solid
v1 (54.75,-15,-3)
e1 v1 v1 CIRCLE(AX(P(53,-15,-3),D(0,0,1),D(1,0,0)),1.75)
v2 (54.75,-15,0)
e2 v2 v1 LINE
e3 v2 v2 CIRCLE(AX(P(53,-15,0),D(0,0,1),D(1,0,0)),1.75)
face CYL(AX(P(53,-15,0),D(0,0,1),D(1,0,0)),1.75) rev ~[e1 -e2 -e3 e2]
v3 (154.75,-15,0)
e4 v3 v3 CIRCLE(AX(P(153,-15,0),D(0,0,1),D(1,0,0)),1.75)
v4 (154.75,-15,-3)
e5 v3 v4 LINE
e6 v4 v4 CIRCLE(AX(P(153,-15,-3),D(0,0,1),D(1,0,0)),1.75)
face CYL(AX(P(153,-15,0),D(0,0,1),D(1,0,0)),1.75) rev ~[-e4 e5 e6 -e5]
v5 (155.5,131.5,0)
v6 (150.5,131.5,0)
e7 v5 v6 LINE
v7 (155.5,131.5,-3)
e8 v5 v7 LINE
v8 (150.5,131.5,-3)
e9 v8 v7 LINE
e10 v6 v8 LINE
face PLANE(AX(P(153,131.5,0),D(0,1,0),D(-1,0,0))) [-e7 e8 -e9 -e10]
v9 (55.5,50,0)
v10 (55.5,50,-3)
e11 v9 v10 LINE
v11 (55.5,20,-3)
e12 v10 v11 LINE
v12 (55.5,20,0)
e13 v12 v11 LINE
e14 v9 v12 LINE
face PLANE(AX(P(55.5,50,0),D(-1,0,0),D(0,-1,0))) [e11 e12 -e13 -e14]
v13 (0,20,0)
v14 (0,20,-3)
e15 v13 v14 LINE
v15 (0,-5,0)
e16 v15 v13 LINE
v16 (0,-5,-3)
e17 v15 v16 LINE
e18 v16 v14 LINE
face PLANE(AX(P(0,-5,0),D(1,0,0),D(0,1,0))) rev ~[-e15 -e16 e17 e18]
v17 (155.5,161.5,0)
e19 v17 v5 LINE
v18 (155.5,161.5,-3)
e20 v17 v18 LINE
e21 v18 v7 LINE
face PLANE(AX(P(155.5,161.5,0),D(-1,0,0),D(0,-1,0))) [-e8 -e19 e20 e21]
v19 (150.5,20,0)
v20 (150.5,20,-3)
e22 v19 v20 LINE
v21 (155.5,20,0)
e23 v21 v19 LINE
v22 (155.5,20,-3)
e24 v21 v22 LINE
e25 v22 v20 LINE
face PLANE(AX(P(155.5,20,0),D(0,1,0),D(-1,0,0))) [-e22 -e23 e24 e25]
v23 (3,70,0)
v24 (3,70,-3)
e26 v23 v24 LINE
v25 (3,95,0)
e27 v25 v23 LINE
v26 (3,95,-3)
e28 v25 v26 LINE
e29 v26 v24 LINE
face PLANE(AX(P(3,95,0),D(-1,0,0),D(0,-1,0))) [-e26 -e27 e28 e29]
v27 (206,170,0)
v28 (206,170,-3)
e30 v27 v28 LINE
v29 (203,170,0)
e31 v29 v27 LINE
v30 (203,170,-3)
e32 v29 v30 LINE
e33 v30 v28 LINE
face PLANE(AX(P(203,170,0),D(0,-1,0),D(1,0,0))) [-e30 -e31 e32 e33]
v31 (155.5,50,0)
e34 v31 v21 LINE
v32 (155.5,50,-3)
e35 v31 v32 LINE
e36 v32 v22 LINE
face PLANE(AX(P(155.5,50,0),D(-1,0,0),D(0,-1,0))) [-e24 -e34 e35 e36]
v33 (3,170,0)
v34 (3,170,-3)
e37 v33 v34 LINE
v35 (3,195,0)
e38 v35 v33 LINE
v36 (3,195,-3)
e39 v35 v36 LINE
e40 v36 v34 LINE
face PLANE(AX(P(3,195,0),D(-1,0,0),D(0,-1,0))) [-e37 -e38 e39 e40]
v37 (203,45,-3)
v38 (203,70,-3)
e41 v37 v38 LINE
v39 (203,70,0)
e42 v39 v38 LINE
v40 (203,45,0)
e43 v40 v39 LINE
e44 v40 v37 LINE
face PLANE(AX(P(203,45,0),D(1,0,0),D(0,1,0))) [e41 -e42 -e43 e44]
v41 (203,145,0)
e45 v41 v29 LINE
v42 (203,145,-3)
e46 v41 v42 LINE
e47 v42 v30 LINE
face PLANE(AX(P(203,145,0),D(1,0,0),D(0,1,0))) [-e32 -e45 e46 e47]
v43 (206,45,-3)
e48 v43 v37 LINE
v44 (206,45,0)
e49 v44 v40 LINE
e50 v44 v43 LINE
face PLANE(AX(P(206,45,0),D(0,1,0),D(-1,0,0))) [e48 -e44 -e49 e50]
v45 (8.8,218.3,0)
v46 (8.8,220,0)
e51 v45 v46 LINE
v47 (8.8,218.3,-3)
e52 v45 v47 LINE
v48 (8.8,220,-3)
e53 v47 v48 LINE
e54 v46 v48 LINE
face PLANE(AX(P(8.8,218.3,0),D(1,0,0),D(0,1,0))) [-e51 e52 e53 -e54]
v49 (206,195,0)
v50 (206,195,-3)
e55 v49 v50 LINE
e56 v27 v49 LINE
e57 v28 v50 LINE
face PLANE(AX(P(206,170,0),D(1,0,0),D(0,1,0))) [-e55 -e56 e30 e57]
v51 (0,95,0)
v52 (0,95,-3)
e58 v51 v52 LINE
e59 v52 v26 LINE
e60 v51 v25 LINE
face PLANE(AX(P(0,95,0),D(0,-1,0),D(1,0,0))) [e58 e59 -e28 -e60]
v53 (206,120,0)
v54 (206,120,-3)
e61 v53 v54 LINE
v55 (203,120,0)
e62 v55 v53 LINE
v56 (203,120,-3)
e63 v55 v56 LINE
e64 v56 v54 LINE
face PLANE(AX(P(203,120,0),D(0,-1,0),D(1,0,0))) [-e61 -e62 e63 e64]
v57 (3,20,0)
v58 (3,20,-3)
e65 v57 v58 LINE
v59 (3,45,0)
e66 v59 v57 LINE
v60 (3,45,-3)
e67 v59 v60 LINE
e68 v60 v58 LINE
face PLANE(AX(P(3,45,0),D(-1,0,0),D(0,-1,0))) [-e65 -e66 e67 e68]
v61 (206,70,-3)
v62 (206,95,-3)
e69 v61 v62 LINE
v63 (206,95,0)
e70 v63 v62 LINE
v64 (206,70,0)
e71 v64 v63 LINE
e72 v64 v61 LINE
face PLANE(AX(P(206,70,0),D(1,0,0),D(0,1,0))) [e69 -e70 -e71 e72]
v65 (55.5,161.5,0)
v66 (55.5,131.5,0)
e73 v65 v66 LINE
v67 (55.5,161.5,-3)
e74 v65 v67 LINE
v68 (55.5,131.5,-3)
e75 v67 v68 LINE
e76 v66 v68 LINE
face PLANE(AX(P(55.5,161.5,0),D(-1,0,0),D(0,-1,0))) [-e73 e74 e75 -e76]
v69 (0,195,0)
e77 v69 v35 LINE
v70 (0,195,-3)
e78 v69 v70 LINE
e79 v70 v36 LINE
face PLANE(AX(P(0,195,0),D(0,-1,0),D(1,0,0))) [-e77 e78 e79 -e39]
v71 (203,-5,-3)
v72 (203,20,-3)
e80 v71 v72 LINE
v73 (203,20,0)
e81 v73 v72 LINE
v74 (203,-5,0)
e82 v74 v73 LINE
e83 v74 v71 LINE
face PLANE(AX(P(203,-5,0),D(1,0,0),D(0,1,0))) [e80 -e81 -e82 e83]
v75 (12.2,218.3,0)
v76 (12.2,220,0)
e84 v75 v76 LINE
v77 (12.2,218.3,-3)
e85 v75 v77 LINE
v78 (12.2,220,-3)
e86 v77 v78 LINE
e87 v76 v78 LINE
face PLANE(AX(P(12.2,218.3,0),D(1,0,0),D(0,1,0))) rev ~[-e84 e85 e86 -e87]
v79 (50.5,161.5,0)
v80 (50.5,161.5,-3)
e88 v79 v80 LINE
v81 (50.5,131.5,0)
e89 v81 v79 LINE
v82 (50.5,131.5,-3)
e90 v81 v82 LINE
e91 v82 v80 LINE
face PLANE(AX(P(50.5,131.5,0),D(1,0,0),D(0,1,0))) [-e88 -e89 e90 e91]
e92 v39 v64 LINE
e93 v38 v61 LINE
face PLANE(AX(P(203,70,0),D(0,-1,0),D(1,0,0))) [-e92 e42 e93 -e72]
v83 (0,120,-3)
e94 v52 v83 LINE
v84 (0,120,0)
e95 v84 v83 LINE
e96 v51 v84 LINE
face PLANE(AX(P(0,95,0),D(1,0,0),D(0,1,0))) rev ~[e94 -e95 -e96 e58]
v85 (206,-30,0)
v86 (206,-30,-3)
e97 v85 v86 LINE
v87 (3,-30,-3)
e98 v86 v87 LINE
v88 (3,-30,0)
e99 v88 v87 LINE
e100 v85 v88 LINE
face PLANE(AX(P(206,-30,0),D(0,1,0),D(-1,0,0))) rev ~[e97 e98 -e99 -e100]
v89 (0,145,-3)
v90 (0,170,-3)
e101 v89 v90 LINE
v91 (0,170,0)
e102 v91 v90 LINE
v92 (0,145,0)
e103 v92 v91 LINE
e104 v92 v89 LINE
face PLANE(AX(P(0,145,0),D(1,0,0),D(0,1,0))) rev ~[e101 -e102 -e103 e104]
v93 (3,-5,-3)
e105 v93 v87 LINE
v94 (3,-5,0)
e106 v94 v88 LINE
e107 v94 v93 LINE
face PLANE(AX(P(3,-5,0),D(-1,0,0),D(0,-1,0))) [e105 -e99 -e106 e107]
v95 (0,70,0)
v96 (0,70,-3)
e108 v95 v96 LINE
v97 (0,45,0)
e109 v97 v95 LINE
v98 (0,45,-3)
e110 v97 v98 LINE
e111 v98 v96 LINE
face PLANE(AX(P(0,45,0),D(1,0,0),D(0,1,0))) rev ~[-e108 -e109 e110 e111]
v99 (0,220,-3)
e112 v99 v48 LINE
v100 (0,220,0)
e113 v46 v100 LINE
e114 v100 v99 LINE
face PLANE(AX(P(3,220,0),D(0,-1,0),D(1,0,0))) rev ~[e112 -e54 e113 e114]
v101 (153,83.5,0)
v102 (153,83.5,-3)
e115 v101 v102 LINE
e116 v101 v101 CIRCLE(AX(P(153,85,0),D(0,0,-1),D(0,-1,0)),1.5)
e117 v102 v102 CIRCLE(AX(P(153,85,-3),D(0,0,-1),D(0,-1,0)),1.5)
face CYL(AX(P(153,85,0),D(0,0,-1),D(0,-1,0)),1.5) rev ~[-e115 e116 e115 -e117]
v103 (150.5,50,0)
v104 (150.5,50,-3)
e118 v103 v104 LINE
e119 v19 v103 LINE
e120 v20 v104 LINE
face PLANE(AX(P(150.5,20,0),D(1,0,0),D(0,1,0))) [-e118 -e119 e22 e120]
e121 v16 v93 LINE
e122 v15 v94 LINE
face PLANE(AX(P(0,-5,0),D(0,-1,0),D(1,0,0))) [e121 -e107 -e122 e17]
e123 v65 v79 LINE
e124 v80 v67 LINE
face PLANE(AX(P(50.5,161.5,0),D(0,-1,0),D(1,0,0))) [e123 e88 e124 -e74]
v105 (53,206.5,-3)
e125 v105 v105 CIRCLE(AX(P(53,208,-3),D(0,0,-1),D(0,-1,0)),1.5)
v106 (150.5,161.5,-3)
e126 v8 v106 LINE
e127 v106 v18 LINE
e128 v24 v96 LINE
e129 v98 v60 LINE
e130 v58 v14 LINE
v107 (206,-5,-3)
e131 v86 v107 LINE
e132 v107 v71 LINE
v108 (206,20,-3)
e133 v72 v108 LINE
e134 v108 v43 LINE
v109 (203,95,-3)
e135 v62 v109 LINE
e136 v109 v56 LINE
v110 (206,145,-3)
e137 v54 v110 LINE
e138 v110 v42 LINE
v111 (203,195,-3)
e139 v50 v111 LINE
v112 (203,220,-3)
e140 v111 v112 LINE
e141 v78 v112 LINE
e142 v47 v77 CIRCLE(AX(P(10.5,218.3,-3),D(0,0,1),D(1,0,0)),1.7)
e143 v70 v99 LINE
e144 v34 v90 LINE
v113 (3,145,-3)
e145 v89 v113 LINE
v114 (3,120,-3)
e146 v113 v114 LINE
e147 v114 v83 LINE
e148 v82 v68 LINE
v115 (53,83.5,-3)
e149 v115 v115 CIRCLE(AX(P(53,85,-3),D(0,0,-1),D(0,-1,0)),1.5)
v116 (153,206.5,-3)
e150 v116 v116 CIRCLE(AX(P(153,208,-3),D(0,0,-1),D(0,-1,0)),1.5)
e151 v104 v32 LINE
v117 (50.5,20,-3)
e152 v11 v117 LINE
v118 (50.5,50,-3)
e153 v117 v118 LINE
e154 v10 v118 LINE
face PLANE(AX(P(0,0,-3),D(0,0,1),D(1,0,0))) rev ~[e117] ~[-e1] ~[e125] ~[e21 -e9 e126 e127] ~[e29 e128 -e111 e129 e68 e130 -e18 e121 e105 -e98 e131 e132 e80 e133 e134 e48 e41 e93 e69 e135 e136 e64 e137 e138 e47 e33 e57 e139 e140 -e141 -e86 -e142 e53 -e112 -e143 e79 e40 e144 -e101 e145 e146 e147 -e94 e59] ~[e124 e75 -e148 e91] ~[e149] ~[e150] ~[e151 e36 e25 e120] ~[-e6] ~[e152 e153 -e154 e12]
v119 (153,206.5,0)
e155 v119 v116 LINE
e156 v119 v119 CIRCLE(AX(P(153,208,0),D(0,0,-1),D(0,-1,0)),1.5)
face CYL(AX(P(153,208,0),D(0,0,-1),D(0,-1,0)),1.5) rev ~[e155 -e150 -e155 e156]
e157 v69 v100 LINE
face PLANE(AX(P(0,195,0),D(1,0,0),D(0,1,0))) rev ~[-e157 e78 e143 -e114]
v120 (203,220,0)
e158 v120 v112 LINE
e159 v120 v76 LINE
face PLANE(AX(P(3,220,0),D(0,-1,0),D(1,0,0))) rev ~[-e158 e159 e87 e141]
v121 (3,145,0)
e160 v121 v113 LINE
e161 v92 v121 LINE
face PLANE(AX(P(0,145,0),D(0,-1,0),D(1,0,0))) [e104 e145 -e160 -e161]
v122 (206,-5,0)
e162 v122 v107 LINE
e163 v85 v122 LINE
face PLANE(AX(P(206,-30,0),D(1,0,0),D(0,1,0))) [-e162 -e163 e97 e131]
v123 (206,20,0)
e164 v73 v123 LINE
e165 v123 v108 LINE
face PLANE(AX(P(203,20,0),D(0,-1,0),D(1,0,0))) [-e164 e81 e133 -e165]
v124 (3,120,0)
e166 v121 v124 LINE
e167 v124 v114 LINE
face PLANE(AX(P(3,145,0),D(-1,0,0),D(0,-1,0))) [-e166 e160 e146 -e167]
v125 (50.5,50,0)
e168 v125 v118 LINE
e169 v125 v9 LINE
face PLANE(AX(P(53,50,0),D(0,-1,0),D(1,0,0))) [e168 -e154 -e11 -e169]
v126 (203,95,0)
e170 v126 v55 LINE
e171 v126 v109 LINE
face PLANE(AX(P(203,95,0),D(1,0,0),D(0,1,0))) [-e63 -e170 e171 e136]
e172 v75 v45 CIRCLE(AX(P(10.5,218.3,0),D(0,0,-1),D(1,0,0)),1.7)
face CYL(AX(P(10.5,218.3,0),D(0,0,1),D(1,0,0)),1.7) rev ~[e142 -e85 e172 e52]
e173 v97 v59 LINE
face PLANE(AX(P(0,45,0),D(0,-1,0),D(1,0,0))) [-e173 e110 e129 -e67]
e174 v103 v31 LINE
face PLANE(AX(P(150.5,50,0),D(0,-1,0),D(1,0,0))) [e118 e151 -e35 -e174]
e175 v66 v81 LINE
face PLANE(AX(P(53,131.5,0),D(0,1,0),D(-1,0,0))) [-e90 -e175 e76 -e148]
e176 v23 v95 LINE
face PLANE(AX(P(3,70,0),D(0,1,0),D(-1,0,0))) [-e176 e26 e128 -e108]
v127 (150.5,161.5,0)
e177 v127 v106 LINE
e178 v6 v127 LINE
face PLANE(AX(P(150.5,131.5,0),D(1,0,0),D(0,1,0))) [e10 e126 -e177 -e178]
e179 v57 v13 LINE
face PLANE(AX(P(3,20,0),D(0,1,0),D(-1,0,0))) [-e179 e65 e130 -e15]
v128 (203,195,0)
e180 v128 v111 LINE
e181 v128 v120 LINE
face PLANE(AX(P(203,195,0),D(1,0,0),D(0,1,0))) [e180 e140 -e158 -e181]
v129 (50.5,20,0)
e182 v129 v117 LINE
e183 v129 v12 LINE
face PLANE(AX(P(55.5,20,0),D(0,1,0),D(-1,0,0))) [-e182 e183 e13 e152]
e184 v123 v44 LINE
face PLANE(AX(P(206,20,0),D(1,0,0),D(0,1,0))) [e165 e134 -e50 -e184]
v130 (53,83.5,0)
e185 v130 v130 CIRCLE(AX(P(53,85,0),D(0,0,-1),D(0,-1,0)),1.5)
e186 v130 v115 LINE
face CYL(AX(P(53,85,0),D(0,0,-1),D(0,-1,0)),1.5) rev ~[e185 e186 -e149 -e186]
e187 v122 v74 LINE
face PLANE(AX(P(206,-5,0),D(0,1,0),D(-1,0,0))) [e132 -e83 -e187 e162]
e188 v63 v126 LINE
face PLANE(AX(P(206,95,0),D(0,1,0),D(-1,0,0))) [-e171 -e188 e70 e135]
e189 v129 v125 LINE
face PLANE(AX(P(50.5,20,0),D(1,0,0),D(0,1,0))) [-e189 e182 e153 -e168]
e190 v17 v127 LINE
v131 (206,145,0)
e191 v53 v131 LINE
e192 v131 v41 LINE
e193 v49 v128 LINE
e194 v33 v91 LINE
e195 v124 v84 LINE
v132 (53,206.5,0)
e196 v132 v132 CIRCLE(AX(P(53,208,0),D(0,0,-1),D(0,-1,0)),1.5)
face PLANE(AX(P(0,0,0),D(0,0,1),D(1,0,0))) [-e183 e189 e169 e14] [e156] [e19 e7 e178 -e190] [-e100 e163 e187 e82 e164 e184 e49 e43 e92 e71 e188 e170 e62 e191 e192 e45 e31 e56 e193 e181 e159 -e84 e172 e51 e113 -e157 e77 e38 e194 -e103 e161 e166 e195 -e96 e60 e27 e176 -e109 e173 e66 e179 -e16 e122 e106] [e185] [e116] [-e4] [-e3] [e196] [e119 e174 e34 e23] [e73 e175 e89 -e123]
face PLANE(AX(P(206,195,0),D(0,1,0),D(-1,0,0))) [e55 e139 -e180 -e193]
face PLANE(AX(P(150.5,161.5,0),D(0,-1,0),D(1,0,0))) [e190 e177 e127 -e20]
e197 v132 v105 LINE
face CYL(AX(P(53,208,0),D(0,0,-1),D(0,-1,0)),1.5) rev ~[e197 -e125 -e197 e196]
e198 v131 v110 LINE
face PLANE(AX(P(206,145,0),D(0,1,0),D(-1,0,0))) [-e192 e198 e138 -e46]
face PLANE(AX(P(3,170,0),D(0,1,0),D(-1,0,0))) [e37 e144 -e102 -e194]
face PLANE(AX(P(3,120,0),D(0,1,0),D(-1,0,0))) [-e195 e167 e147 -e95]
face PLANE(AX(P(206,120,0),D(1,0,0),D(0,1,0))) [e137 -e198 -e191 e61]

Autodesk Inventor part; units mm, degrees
ref_plane "YZ Plane" through (0, 0, 0) normal (1, 0, 0) x (0, 1, 0)
ref_plane "XZ Plane" through (0, 0, 0) normal (0, 1, 0) x (-1, 0, 0)
ref_plane "XY Plane" through (0, 0, 0) normal (0, 0, 1) x (1, 0, 0)
sketch "Boceto1" plane through (0, 0, 0) normal (0, 0, 1) x (1, 0, 0)
  line L0 (206, -30) -> (206, 220) projected
  line L1 (0, 220) -> (206, 220) projected
  line L2 (0, -30) -> (0, 220) projected
  line L3 (206, -30) -> (0, -30) projected
  line L4 (206, -30) -> (206, -5)
  line L5 (206, -5) -> (203, -5)
  line L6 (203, -5) -> (203, 20)
  line L7 (203, 20) -> (206, 20)
  line L8 (206, 20) -> (206, 45)
  line L9 (206, 45) -> (203, 45)
  line L10 (203, 45) -> (203, 70)
  line L11 (203, 70) -> (206, 70)
  line L12 (206, 70) -> (206, 95)
  line L13 (206, 95) -> (203, 95)
  line L14 (203, 95) -> (203, 120)
  line L15 (203, 120) -> (206, 120)
  line L16 (206, 120) -> (206, 145)
  line L17 (206, 145) -> (203, 145)
  line L18 (203, 145) -> (203, 170)
  line L19 (203, 170) -> (206, 170)
  line L20 (203, 220) -> (206, 220)
  line L21 (206, 195) -> (203, 195)
  line L22 (203, 195) -> (203, 220)
  line L23 (206, 170) -> (206, 195)
  line L24 (203, 170) -> (206, 170)
  line L25 (0, 220) -> (0, 195)
  line L26 (0, 195) -> (3, 195)
  line L27 (3, 195) -> (3, 170)
  line L28 (3, 170) -> (0, 170)
  line L29 (0, 170) -> (0, 145)
  line L30 (0, 145) -> (3, 145)
  line L31 (3, 145) -> (3, 120)
  line L32 (3, 120) -> (0, 120)
  line L33 (3, 20) -> (0, 20)
  line L34 (0, 45) -> (3, 45)
  line L35 (3, 45) -> (3, 20)
  line L36 (0, 70) -> (0, 45)
  line L37 (3, 70) -> (0, 70)
  line L38 (3, 95) -> (3, 70)
  line L39 (0, 95) -> (3, 95)
  line L40 (0, 120) -> (0, 95)
  line L41 (3, 20) -> (0, 20)
  line L42 (0, 20) -> (0, -5)
  line L43 (0, -5) -> (3, -5)
  line L44 (3, -5) -> (3, -30)
  line L45 (3, -30) -> (0, -30)
  line L46 (203, 220) -> (206, 220)
  line L47 (203, 220) -> (206, 220)
  line L48 (206, 220) -> (206, 245)
  line L49 (206, 245) -> (203, 245)
  line L50 (203, 245) -> (203, 270)
  line L51 (203, 270) -> (206, 270)
  line L52 (0, 220) -> (3, 220)
  line L53 (0, 220) -> (3, 220)
  line L54 (3, 220) -> (3, 245)
  line L55 (3, 245) -> (0, 245)
  line L56 (0, 245) -> (0, 270)
  line L57 (0, 270) -> (3, 270)
  line L58 (206, 270) -> (0, 270)
  point P0 (0, 0)
  dimension "d78" = 3
  dimension "d88" = 3
  dimension "Lengueta" = 25
  dimension "espesor" = 3
  dimension "d2" = 25
  dimension "d3" = 3
  dimension "d4" = 25
  dimension "d5" = 90
  dimension "d6" = 3
  dimension "d7" = 25
  dimension "d8" = 3
  dimension "d9" = 25
  dimension "d10" = 3
  dimension "d11" = 25
  dimension "d12" = 3
  dimension "d13" = 25
  dimension "d14" = 90
  dimension "d15" = 3
  dimension "d16" = 25
  dimension "d17" = 3
  dimension "d18" = 3
  dimension "d19" = 25
  dimension "d20" = 90
  dimension "d21" = 3
  dimension "d22" = 25
  dimension "d23" = 3
  dimension "d26" = 25
  dimension "d27" = 3
  dimension "d28" = 25
  dimension "d29" = 3
  dimension "d30" = 25
  dimension "d31" = 90
  dimension "d32" = 3
  dimension "d33" = 25
  dimension "d34" = 3
  dimension "d35" = 25
  dimension "d36" = 3
  dimension "d37" = 25
  dimension "d38" = 3
  dimension "d39" = 25
  dimension "d40" = 90
  dimension "d41" = 3
  dimension "d42" = 25
  dimension "d43" = 3
  dimension "d44" = 3
  dimension "d45" = 25
  dimension "d46" = 90
  dimension "d47" = 3
  dimension "d48" = 25
  dimension "d49" = 3
  dimension "d71" = 3
  dimension "d72" = 3
  dimension "d73" = 25
  dimension "d74" = 90
  dimension "d75" = 3
  dimension "d76" = 25
  dimension "d77" = 3
  dimension "d81" = 3
  dimension "d82" = 3
  dimension "d83" = 25
  dimension "d84" = 90
  dimension "d85" = 3
  dimension "d86" = 25
  dimension "d87" = 3
extrude "Extrusión1" add sketch "Boceto1" against normal blind 3 contours L3 L44 L43 L2 L33 L35 L34 L37 L38 L39 L32 L31 L30 L28 L27 L26 L1 L22 L21 L0 L19 L18 L17 L15 L14 L13 L11 L10 L9 L7 L6 L5
sketch "Boceto2" plane through (0, 0, 0) normal (0, 0, 1) x (1, 0, 0)
  circle A0 centre (53, -15) radius 1.75
  circle A1 centre (153, -15) radius 1.75
  point P0 (0, 0)
extrude "Extrusión2" cut sketch "Boceto2" against normal blind 3
sketch "Boceto3" plane through (0, 0, 0) normal (0, 0, 1) x (1, 0, 0)
  circle A0 centre (53, 208) radius 2.1
  circle A1 centre (53, 208) radius 1.5
  circle A2 centre (153, 208) radius 2.1
  point P0 (0, 0)
  dimension "d56" = 3
hole "Agujero1" at (53, 208, 0) at (153, 208, 0) direction (0, 0, -1) diameter 3 depth 4
sketch "Boceto4" plane through (0, 0, 0) normal (0, 0, 1) x (1, 0, 0)
  circle A0 centre (53, 85) radius 2.1 projected
  circle A1 centre (153, 85) radius 2.1 projected
  point P0 (0, 0)
hole "Agujero2" at (153, 85, 0) at (53, 85, 0) direction (0, 0, -1) diameter 3 depth 4
sketch "Boceto5" plane through (0, 0, -3) normal (0, 0, -1) x (-1, 0, 0)
  point P0 (0, 0)
sketch "Boceto6" plane through (0, 0, 0) normal (0, 0, 1) x (1, 0, 0)
  circle A0 centre (53, 85) radius 1.5 projected
  circle A1 centre (153, 85) radius 1.5 projected
  circle A2 centre (153, 208) radius 1.5 projected
  circle A3 centre (53, 208) radius 1.5 projected
  circle A4 centre (53, -15) radius 1.75 projected
  circle A5 centre (153, -15) radius 1.75 projected
  line L0 (203, 20) -> (206, 20) projected
  line L1 (206, 20) -> (206, 45) projected
  line L2 (206, 45) -> (203, 45) projected
  line L3 (203, 45) -> (203, 70) projected
  line L4 (203, 70) -> (206, 70) projected
  line L5 (206, 70) -> (206, 95) projected
  line L6 (206, 95) -> (203, 95) projected
  line L7 (203, 95) -> (203, 120) projected
  line L8 (203, 120) -> (206, 120) projected
  line L9 (206, 120) -> (206, 145) projected
  line L10 (206, 145) -> (203, 145) projected
  line L11 (203, 145) -> (203, 170) projected
  line L12 (203, 170) -> (206, 170) projected
  line L13 (206, 170) -> (206, 195) projected
  line L14 (206, 195) -> (203, 195) projected
  line L15 (203, 195) -> (203, 220) projected
  line L16 (203, 220) -> (0, 220) projected
  line L17 (0, 220) -> (0, 195) projected
  line L18 (0, 195) -> (3, 195) projected
  line L19 (3, 195) -> (3, 170) projected
  line L20 (3, 170) -> (0, 170) projected
  line L21 (0, 170) -> (0, 145) projected
  line L22 (0, 145) -> (3, 145) projected
  line L23 (3, 145) -> (3, 120) projected
  line L24 (3, 120) -> (0, 120) projected
  line L25 (0, 120) -> (0, 95) projected
  line L26 (0, 95) -> (3, 95) projected
  line L27 (3, 95) -> (3, 70) projected
  line L28 (3, 70) -> (0, 70) projected
  line L29 (0, 70) -> (0, 45) projected
  line L30 (0, 45) -> (3, 45) projected
  line L31 (3, 45) -> (3, 20) projected
  line L32 (3, 20) -> (0, 20) projected
  line L33 (0, 20) -> (0, -5) projected
  line L34 (0, -5) -> (3, -5) projected
  line L35 (3, -5) -> (3, -30) projected
  line L36 (3, -30) -> (206, -30) projected
  line L37 (206, -30) -> (206, -5) projected
  line L38 (206, -5) -> (203, -5) projected
  line L39 (203, -5) -> (203, 20) projected
  line L40 (153, 85) -> (153, 208)
  line L41 (150.5, 161.5) -> (155.5, 161.5)
  line L42 (155.5, 161.5) -> (155.5, 131.5)
  line L43 (155.5, 131.5) -> (150.5, 131.5)
  line L44 (150.5, 131.5) -> (150.5, 161.5)
  line L45 (150.5, 161.5) -> (155.5, 131.5) construction
  line L46 (155.5, 161.5) -> (150.5, 131.5) construction
  line L47 (53, 85) -> (53, 208)
  line L48 (50.5, 161.5) -> (55.5, 161.5)
  line L49 (55.5, 161.5) -> (55.5, 131.5)
  line L50 (55.5, 131.5) -> (50.5, 131.5)
  line L51 (50.5, 131.5) -> (50.5, 161.5)
  line L52 (50.5, 161.5) -> (55.5, 131.5) construction
  line L53 (55.5, 161.5) -> (50.5, 131.5) construction
  line L54 (53, -15) -> (53, 85)
  line L55 (50.5, 50) -> (55.5, 50)
  line L56 (55.5, 50) -> (55.5, 20)
  line L57 (55.5, 20) -> (50.5, 20)
  line L58 (50.5, 20) -> (50.5, 50)
  line L59 (50.5, 50) -> (55.5, 20) construction
  line L60 (55.5, 50) -> (50.5, 20) construction
  line L61 (150.5, 50) -> (155.5, 50)
  line L62 (155.5, 50) -> (155.5, 20)
  line L63 (155.5, 20) -> (150.5, 20)
  line L64 (150.5, 20) -> (150.5, 50)
  line L65 (150.5, 50) -> (155.5, 20) construction
  line L66 (155.5, 50) -> (150.5, 20) construction
  point P0 (0, 0)
  point P1 (153, 146.5)
  point P2 (53, 146.5)
  point P3 (53, 35)
  point P4 (153, 35)
  dimension "d93" = 5
  dimension "d94" = 30
  dimension "d95" = 5
  dimension "d96" = 30
  dimension "d99" = 5
  dimension "d100" = 30
  dimension "d101" = 5
  dimension "d102" = 30
extrude "Extrusión3" cut sketch "Boceto6" against normal blind 3 contours L55 L56 L57 L54 | L54 L57 L58 L55 | L50 L51 L48 L47 | L47 L48 L49 L50 | L43 L44 L41 L40 | L40 L41 L42 L43 | L61 L62 L63 L64
sketch "Boceto7" plane through (0, 0, 0) normal (0, 0, 1) x (1, 0, 0)
  line L0 (203, 220) -> (0, 220) projected
  line L1 (0, 220) -> (3, 220)
  line L2 (3, 220) -> (10.5, 220)
  line L3 (10.5, 220) -> (10.5, 216.6)
  circle A0 centre (10.5, 218.3) radius 1.7
  line L4 (8.8, 218.3) -> (8.8, 220)
  line L5 (12.2, 218.3) -> (12.2, 220)
  point P0 (0, 0)
  dimension "d105" = 3
  dimension "d106" = 7.5
  dimension "d107" = 3.4
extrude "Extrusión4" cut sketch "Boceto7" against normal blind 10
equation "\"d2\" = Lengueta"
equation "\"d3\" = espesor"
equation "\"d4\" = Lengueta"
equation "\"d6\" = espesor"
equation "\"d7\" = Lengueta"
equation "\"d8\" = espesor"
equation "\"d11\" = d9"
equation "\"d12\" = d10"
equation "\"d13\" = d9"
equation "\"d16\" = d9"
equation "\"d18\" = d24"
equation "\"d19\" = d25"
equation "\"d22\" = d25"
equation "\"d28\" = d26"
equation "\"d29\" = d27"
equation "\"d30\" = d26"
equation "\"d33\" = d26"
equation "\"d37\" = d35"
equation "\"d38\" = d36"
equation "\"d39\" = d35"
equation "\"d42\" = d35"
equation "\"d44\" = d50"
equation "\"d45\" = d51"
equation "\"d48\" = d51"
equation "\"d71\" = d78"
equation "\"d72\" = d79"
equation "\"d73\" = d80"
equation "\"d76\" = d80"
equation "\"d81\" = d88"
equation "\"d82\" = d89"
equation "\"d83\" = d90"
equation "\"d86\" = d90"
equation "\"d52\" = espesor"
equation "\"d54\" = espesor"
equation "\"d24\" = 3"
equation "\"d25\" = 25"
equation "\"d50\" = 3"
equation "\"d51\" = 25"
equation "\"d79\" = 3"
equation "\"d80\" = 25"
equation "\"d89\" = 3"
equation "\"d90\" = 25"
properties part number "Envolvente_Pared_Derecha"
